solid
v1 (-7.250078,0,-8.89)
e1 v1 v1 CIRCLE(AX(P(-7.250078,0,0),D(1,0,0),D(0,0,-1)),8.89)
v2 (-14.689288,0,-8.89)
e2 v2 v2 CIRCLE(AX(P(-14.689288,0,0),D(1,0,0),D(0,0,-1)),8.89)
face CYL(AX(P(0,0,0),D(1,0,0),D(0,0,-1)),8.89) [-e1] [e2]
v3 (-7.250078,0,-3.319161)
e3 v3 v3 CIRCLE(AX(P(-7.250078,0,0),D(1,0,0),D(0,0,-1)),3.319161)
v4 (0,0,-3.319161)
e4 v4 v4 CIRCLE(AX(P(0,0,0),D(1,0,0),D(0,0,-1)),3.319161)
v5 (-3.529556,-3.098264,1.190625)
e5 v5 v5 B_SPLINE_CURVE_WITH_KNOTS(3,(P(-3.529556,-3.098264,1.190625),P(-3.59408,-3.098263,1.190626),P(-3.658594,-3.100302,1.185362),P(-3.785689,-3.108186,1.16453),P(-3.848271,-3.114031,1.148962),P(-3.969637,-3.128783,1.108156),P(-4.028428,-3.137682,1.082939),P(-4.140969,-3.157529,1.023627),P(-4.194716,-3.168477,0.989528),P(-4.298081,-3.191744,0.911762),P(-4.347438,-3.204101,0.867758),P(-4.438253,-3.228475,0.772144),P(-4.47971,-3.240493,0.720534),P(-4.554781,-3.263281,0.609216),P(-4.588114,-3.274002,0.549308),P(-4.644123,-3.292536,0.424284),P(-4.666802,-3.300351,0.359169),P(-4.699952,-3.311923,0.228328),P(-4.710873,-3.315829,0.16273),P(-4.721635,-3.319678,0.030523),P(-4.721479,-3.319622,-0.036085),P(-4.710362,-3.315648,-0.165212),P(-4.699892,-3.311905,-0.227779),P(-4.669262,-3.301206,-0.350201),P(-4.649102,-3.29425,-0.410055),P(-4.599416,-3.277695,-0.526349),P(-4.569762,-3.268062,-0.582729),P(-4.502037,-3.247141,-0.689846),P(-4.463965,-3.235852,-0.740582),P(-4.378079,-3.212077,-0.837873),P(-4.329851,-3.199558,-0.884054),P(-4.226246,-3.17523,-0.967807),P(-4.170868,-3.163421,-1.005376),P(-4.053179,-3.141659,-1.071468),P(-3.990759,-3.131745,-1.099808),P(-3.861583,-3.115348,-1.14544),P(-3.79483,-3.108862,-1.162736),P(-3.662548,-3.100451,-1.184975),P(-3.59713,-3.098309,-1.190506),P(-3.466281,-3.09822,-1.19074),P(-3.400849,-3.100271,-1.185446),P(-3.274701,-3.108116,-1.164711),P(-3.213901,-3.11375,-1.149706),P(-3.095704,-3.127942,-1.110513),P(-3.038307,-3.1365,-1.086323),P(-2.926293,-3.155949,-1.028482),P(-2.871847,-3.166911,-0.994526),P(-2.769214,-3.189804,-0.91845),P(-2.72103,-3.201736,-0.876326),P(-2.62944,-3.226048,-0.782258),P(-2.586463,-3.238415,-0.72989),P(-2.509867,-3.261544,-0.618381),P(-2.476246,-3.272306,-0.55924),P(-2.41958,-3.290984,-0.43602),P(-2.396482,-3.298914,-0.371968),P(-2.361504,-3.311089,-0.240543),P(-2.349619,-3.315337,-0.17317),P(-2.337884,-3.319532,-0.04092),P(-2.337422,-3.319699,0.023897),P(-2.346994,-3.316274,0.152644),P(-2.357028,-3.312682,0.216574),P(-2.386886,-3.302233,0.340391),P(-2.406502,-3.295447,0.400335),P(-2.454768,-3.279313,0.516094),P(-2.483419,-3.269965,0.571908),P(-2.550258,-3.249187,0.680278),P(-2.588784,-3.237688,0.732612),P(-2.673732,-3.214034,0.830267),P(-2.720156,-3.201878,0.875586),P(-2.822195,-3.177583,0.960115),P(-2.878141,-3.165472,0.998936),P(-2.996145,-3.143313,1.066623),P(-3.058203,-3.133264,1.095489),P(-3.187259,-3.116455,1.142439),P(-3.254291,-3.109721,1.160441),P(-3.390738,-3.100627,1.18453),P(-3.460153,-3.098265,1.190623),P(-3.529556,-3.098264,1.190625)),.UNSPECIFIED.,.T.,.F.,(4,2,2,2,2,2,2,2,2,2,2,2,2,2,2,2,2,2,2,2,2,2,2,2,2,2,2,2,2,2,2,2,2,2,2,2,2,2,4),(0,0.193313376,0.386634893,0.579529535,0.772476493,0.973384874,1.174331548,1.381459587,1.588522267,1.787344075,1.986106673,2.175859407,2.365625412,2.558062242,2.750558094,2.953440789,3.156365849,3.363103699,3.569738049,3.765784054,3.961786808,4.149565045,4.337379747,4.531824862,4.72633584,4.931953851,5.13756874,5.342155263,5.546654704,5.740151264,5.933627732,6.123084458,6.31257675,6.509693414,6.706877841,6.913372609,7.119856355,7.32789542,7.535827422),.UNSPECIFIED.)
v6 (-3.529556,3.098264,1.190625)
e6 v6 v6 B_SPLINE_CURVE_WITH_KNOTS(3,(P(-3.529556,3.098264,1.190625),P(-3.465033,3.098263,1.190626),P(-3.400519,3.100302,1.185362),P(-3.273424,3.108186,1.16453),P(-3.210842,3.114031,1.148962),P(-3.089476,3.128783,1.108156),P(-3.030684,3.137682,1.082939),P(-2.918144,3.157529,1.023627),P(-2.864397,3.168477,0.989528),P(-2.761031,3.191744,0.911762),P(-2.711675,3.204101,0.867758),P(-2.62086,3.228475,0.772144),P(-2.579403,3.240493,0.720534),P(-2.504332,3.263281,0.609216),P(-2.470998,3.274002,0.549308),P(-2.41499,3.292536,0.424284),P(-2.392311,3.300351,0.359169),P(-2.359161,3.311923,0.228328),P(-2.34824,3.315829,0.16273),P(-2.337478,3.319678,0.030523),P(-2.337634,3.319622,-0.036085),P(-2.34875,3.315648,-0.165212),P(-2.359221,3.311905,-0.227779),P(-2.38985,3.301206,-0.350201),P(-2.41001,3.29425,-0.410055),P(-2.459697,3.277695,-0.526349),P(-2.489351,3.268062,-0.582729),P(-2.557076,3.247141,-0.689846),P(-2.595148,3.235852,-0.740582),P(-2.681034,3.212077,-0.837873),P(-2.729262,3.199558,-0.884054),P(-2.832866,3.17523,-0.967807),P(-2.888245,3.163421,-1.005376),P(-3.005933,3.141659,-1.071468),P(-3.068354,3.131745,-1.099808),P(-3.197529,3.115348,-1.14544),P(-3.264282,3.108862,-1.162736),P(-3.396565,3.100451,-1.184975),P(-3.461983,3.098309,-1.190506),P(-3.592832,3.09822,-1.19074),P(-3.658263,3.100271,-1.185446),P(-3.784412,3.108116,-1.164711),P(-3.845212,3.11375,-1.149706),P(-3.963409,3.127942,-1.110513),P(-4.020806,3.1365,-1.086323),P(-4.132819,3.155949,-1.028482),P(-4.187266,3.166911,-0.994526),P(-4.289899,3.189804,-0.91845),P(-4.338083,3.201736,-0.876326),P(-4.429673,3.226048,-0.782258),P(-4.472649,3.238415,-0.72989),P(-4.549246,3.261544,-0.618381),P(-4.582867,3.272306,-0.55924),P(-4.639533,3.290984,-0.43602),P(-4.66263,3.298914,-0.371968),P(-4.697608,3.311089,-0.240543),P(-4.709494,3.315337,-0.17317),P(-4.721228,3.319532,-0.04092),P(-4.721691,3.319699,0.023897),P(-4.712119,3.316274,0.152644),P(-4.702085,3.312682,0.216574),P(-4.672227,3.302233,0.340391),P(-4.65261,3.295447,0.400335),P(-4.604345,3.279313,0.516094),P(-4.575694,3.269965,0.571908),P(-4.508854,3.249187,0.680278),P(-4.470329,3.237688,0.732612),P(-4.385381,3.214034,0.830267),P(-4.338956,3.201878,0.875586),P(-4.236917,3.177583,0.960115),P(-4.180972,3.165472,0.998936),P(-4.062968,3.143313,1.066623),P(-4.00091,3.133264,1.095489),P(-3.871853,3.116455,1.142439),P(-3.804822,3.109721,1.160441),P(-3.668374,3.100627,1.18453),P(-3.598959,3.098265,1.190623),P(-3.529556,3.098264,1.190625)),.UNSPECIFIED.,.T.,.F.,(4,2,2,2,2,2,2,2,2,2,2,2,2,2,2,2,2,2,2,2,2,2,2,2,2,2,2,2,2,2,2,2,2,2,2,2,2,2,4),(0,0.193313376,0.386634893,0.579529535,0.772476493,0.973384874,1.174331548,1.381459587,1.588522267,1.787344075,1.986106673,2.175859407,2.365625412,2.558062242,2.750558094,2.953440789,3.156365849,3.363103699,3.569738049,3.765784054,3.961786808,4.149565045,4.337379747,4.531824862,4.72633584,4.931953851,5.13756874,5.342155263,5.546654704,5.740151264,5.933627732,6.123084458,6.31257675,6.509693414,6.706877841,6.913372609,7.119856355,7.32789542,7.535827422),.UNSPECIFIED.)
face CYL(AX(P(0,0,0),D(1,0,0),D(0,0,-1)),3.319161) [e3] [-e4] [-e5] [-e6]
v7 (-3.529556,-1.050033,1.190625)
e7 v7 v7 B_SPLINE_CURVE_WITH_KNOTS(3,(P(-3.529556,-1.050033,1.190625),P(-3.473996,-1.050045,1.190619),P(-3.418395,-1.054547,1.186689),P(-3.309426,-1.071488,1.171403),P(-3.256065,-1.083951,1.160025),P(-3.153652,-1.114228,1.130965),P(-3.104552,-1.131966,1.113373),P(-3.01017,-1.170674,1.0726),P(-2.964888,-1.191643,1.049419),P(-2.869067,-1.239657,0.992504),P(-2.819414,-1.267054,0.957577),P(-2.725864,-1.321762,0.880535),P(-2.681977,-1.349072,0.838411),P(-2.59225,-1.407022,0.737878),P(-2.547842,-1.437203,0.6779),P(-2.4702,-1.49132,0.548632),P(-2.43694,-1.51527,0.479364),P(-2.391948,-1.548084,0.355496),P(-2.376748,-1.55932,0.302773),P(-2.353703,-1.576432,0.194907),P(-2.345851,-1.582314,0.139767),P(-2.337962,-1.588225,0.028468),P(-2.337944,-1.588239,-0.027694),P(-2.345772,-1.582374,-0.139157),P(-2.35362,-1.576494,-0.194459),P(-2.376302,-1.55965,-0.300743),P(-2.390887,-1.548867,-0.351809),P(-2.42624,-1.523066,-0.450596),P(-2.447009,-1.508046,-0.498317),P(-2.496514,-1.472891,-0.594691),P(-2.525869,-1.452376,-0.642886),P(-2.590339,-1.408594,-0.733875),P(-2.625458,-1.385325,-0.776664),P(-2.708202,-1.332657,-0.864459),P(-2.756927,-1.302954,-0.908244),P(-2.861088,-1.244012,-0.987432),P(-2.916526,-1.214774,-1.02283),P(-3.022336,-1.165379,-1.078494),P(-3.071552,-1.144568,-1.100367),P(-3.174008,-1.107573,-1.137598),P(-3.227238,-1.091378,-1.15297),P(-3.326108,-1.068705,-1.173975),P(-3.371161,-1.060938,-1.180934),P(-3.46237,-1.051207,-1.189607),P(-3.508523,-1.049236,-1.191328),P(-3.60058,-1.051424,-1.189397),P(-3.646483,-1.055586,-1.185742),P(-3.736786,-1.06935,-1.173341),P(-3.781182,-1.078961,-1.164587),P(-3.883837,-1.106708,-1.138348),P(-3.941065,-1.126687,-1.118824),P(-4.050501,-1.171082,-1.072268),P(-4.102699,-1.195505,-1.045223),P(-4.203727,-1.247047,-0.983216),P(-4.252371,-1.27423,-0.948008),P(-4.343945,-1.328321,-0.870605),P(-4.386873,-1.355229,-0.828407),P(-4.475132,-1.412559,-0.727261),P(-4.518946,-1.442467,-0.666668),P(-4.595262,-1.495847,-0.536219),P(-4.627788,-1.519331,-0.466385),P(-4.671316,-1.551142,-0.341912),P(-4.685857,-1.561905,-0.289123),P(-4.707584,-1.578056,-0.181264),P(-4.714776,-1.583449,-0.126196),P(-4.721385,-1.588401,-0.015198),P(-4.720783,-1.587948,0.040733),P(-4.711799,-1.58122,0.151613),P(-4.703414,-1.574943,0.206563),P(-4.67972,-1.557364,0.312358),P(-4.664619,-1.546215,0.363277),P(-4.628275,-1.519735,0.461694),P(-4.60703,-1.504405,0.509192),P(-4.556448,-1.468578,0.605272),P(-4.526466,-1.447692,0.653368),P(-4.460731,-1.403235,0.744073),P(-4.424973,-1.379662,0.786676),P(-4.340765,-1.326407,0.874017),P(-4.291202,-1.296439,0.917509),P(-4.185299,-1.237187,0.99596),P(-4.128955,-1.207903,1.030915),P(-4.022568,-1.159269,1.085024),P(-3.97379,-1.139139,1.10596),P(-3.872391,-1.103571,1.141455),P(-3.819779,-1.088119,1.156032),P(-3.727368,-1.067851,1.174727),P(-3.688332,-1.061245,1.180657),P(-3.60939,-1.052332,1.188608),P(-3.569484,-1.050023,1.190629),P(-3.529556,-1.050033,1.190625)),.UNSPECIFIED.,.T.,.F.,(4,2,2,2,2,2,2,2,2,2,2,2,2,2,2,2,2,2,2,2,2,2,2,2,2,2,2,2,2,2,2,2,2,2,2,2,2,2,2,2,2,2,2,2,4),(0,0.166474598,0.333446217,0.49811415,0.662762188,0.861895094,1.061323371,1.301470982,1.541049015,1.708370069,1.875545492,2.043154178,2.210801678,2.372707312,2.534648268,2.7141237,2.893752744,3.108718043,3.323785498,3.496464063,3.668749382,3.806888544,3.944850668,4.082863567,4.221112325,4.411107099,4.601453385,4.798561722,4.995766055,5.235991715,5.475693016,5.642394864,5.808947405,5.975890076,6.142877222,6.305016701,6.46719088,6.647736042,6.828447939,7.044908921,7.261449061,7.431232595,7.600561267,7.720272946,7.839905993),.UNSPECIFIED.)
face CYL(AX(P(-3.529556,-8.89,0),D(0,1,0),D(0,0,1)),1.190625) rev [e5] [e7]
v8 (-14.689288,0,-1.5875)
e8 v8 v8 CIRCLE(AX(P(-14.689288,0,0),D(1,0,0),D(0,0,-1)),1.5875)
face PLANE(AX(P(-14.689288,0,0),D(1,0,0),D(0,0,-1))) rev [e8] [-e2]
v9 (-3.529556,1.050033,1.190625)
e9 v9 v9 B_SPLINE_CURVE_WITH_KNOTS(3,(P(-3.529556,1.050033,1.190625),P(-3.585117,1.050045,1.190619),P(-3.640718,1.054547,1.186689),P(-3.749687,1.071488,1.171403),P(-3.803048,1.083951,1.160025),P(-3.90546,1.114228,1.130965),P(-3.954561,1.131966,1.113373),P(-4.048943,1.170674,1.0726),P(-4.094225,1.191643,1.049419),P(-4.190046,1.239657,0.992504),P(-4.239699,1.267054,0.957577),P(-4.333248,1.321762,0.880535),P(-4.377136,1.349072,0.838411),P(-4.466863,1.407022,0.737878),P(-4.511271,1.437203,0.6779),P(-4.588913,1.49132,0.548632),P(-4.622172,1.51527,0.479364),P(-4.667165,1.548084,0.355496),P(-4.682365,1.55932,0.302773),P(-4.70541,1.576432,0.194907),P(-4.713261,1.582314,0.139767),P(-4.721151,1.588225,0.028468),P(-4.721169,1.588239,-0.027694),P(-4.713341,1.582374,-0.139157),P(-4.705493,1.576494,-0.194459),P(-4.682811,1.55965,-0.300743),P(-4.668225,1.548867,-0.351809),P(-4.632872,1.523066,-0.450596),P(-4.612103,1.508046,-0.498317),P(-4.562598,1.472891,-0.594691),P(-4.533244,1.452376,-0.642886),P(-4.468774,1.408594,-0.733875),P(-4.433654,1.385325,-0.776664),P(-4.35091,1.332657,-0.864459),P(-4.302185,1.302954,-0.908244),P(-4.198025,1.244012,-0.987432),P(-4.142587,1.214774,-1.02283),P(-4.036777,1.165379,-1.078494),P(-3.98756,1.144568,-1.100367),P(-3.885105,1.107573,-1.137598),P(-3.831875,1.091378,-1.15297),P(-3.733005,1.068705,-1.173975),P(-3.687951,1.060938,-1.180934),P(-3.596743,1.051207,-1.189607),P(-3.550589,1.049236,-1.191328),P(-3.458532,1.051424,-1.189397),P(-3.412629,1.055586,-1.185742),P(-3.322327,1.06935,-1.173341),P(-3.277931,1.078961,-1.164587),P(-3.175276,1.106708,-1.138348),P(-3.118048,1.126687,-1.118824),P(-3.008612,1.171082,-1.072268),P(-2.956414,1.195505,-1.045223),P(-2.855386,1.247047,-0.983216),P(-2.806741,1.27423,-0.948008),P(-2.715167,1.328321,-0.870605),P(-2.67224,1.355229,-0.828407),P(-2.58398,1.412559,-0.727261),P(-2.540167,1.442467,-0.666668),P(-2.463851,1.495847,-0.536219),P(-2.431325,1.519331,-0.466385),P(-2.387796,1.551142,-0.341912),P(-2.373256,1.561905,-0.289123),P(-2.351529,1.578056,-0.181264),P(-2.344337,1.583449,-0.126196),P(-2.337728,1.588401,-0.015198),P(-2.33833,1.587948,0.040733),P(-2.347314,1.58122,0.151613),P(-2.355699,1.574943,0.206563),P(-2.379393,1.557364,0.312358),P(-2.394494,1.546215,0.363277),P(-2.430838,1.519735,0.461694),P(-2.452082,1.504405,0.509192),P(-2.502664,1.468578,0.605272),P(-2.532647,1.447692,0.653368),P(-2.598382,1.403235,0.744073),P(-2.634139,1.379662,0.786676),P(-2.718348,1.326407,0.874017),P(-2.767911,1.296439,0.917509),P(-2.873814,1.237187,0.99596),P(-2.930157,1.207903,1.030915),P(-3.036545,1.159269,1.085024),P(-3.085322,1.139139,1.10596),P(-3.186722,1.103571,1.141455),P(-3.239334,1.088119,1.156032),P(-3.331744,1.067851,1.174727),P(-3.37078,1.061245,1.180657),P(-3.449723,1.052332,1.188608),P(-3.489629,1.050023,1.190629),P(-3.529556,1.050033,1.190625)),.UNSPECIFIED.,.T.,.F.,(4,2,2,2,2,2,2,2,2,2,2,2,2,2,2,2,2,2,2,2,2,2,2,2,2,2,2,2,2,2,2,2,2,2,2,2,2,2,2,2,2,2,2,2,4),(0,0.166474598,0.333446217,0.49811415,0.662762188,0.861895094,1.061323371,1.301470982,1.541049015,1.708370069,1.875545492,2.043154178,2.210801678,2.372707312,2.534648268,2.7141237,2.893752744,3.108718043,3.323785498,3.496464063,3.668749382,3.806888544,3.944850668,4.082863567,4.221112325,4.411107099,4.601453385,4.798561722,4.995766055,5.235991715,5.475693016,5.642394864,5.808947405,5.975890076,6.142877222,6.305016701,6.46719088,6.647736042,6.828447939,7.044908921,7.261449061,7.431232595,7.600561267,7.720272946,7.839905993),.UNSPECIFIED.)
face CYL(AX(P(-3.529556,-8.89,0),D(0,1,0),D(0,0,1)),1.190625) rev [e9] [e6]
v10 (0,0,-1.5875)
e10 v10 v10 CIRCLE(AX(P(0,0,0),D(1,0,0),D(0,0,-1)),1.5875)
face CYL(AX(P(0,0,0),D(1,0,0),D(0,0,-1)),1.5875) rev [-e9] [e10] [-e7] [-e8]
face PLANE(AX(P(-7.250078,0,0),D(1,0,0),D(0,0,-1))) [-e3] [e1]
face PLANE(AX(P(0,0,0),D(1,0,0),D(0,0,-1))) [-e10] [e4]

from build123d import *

# Parameters (mm, degrees)
CUT_EXTRUDE1_DEPTH      = 20.334926531
CUT_EXTRUDE1_DEPTH_BACK = 20.334926531
SKETCH2_R               = 1.190625


with BuildPart() as part:
    # Sketch1 → Revolve1 (revolve)
    with BuildSketch(Plane.XY):
        Polygon((0, 1.5875), (0, 3.319160609), (-7.250077802, 3.319160609), (-7.250077802, 8.89), (-14.689288069, 8.89), (-14.689288069, 1.5875), align=None)
    revolve(axis=Axis((0, 0, 0), (-1, 0, 0)))

    # Sketch2 → Cut-Extrude1 (cut, two sides: drawn at the far end of the back side and taken through both)
    with BuildSketch(Plane(origin=(0, 0, 0), x_dir=(1, 0, 0), z_dir=(0, 1, 0)).offset(-CUT_EXTRUDE1_DEPTH_BACK)):
        with Locations((-3.529556327, 0)):
            Circle(SKETCH2_R)
    extrude(amount=CUT_EXTRUDE1_DEPTH + CUT_EXTRUDE1_DEPTH_BACK, mode=Mode.SUBTRACT)


solid = part.part
